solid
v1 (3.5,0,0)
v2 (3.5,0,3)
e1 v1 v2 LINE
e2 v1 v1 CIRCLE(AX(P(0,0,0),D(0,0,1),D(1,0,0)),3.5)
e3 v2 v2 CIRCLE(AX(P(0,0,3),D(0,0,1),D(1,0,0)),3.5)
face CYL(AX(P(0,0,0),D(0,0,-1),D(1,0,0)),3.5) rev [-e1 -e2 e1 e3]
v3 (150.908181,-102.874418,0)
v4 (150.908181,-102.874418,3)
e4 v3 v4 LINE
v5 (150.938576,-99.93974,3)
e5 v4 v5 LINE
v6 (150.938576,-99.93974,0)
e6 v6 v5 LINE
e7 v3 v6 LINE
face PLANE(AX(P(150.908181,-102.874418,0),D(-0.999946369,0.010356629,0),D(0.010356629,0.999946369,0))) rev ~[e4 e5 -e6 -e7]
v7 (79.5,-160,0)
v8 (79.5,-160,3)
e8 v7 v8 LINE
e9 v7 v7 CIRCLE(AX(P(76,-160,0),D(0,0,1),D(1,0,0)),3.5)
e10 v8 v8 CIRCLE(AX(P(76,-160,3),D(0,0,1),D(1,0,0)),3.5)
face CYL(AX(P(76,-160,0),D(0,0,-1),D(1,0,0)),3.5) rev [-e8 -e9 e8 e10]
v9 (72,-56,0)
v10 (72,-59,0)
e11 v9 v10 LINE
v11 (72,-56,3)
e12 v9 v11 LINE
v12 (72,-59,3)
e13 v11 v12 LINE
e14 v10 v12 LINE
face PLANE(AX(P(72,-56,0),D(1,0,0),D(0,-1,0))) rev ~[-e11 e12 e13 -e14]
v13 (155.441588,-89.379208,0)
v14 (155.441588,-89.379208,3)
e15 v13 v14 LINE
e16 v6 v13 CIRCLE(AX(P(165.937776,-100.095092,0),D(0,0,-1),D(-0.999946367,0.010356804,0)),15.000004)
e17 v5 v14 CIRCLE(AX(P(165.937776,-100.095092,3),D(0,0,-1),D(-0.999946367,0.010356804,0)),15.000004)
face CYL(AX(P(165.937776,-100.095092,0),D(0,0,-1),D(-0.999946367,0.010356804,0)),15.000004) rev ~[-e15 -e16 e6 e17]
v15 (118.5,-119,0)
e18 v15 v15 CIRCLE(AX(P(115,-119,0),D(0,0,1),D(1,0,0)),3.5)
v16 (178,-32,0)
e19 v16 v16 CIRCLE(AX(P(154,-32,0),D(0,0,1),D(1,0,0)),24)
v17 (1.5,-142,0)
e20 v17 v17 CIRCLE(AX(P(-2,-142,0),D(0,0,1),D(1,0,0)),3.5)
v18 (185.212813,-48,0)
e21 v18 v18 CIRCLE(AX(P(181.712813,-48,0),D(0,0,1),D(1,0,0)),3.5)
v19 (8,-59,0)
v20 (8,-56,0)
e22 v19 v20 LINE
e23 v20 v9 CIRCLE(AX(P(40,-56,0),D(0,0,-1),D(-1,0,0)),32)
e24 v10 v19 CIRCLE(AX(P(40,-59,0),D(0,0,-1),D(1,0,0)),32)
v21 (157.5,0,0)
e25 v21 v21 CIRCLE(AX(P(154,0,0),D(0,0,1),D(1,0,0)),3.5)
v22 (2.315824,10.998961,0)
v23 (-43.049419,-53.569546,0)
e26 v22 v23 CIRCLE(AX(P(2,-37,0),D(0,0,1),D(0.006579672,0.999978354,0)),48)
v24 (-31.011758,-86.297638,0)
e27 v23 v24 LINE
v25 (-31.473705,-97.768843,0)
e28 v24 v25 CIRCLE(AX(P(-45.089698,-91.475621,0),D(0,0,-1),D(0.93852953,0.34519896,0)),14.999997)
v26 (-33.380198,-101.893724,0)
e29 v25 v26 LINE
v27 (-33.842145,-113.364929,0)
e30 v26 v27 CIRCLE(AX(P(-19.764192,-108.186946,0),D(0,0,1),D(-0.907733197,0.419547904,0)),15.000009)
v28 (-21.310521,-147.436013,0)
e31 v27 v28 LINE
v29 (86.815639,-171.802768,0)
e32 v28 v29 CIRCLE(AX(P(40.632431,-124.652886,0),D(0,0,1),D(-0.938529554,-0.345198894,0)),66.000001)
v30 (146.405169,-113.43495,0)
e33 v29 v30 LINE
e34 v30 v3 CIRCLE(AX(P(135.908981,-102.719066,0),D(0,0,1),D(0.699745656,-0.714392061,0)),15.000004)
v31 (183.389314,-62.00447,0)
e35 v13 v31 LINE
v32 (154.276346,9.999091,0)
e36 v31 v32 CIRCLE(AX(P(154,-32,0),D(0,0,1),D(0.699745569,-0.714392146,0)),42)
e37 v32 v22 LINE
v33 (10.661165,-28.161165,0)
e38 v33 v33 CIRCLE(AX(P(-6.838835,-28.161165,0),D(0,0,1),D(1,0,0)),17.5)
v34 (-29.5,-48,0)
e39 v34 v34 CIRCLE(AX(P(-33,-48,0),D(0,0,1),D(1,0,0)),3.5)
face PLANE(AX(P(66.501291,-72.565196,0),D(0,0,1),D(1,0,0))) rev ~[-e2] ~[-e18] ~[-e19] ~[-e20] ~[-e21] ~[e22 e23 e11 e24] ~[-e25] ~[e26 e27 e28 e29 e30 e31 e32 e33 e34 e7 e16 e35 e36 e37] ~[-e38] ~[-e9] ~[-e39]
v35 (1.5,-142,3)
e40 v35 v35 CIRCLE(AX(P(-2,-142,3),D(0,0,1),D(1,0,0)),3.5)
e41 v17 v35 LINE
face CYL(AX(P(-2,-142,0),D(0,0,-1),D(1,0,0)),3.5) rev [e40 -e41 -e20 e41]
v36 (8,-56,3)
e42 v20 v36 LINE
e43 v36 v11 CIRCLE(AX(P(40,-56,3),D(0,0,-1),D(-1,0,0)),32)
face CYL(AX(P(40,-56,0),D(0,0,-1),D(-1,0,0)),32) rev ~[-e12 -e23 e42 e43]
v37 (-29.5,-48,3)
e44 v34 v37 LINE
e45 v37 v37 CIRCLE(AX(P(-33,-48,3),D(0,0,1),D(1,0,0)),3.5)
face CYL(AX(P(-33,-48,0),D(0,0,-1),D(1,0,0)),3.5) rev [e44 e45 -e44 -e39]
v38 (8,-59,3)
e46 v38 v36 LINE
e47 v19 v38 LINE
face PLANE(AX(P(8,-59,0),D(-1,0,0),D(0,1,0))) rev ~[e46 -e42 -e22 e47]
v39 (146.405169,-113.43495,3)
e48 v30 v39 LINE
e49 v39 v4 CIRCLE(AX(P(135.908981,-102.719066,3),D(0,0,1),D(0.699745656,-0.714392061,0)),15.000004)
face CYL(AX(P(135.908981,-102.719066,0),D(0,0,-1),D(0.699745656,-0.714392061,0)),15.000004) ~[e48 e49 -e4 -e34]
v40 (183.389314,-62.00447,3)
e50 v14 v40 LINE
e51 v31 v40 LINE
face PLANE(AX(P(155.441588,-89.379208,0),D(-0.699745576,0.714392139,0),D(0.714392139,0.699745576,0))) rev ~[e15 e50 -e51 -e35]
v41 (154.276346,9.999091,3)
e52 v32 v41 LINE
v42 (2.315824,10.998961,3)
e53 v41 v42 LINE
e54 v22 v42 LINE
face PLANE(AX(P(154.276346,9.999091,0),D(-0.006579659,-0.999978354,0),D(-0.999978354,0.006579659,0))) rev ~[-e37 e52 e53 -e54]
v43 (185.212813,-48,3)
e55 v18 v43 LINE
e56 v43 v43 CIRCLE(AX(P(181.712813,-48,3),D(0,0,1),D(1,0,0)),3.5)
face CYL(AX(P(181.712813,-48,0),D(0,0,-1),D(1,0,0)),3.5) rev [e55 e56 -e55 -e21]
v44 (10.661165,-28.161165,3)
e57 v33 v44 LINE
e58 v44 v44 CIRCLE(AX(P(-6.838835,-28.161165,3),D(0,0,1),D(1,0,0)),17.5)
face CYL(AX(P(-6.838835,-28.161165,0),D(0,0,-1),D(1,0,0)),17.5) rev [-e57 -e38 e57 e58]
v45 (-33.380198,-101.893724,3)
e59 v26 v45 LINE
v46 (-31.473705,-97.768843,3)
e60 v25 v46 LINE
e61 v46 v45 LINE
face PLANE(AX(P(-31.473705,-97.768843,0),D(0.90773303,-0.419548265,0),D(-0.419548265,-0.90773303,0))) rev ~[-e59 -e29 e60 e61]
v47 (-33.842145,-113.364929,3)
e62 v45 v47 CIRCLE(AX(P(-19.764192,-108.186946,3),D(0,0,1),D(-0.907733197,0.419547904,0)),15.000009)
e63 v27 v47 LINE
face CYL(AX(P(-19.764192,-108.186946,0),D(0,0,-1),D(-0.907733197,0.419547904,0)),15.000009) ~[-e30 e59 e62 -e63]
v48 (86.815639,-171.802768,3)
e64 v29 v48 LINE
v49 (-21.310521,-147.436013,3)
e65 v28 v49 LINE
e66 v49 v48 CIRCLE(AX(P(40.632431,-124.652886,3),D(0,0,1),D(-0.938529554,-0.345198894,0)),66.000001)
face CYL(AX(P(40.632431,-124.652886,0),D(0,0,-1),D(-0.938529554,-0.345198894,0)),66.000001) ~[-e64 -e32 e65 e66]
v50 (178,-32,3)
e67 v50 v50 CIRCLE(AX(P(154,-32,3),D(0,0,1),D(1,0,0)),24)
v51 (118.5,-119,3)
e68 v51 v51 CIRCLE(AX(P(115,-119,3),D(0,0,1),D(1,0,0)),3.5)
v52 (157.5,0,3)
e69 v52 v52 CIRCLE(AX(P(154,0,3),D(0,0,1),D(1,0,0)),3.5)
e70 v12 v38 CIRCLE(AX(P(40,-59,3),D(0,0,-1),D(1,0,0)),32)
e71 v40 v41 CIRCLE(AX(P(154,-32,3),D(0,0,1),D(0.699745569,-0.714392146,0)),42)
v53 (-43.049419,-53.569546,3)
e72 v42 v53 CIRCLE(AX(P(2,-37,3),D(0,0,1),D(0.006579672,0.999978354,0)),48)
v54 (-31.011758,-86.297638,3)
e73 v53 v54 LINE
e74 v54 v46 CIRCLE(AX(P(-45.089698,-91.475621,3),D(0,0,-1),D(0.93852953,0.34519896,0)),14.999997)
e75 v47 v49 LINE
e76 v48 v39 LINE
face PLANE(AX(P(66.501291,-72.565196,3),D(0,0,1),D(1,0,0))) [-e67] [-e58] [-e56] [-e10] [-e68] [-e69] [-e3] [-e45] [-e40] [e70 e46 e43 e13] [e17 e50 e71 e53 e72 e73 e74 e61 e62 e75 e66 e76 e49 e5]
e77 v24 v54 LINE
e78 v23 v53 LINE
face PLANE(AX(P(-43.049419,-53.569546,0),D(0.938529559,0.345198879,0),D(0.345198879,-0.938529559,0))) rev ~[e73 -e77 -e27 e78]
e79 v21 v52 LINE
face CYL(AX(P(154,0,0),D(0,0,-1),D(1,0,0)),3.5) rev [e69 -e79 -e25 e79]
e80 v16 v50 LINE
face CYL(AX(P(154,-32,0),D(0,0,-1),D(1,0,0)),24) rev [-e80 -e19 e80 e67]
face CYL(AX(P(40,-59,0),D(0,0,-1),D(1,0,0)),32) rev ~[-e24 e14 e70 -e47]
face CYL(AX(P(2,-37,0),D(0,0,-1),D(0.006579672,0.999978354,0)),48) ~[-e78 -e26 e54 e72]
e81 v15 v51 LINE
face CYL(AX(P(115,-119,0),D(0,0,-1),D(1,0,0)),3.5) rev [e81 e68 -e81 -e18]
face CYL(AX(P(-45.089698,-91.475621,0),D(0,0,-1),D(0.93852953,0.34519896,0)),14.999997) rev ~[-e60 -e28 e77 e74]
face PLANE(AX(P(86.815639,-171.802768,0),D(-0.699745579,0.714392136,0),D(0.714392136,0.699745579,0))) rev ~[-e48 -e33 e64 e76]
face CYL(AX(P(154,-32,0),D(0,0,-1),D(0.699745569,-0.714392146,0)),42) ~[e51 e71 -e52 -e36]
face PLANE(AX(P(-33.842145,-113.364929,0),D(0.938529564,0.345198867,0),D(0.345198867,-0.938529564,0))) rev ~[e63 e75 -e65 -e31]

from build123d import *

# Parameters (mm, degrees)
F0_R     = 3.5
F0_R_2   = 17.5
F0_R_3   = 24
F1_DEPTH = 3


with BuildPart() as f1:
    # F0 (on Top) → F1 (new body)
    with BuildSketch(Plane.XY):
        with BuildLine():
            Line((154.276346, 9.999091), (2.315824, 10.998961))
            ThreePointArc((2.315824, 10.998961), (-37.275268, -9.405556), (-43.049419, -53.569546))
            Line((-43.049419, -53.569546), (-31.011758, -86.297638))
            ThreePointArc((-31.011758, -86.297638), (-30.101849, -92.079184), (-31.473705, -97.768843))
            Line((-31.473705, -97.768843), (-33.380198, -101.893724))
            ThreePointArc((-33.380198, -101.893724), (-34.752053, -107.583383), (-33.842145, -113.364929))
            Line((-33.842145, -113.364929), (-21.310521, -147.436013))
            ThreePointArc((-21.310521, -147.436013), (26.12288, -189.038234), (86.815639, -171.802768))
            Line((86.815639, -171.802768), (146.405169, -113.43495))
            ThreePointArc((146.405169, -113.43495), (149.706985, -108.602536), (150.908181, -102.874418))
            Line((150.908181, -102.874418), (150.938576, -99.93974))
            ThreePointArc((150.938576, -99.93974), (152.139772, -94.211622), (155.441588, -89.379208))
            Line((155.441588, -89.379208), (183.389314, -62.00447))
            ThreePointArc((183.389314, -62.00447), (192.937656, -16.256463), (154.276346, 9.999091))
        make_face()
        with Locations((-2, -142)):
            Circle(F0_R, mode=Mode.SUBTRACT)
        with Locations((76, -160)):
            Circle(F0_R, mode=Mode.SUBTRACT)
        with Locations((115, -119)):
            Circle(F0_R, mode=Mode.SUBTRACT)
        with Locations((-33, -48)):
            Circle(F0_R, mode=Mode.SUBTRACT)
        with BuildLine():
            ThreePointArc((8, -56), (40, -24), (72, -56))
            Line((72, -56), (72, -59))
            ThreePointArc((72, -59), (40, -91), (8, -59))
            Line((8, -59), (8, -56))
        make_face(mode=Mode.SUBTRACT)
        with Locations((-6.838835, -28.161165)):
            Circle(F0_R_2, mode=Mode.SUBTRACT)
        Circle(F0_R, mode=Mode.SUBTRACT)
        with Locations((181.712813, -48)):
            Circle(F0_R, mode=Mode.SUBTRACT)
        with Locations((154, -32)):
            Circle(F0_R_3, mode=Mode.SUBTRACT)
        with Locations((154, 0)):
            Circle(F0_R, mode=Mode.SUBTRACT)
    extrude(amount=F1_DEPTH)


solid = f1.part
